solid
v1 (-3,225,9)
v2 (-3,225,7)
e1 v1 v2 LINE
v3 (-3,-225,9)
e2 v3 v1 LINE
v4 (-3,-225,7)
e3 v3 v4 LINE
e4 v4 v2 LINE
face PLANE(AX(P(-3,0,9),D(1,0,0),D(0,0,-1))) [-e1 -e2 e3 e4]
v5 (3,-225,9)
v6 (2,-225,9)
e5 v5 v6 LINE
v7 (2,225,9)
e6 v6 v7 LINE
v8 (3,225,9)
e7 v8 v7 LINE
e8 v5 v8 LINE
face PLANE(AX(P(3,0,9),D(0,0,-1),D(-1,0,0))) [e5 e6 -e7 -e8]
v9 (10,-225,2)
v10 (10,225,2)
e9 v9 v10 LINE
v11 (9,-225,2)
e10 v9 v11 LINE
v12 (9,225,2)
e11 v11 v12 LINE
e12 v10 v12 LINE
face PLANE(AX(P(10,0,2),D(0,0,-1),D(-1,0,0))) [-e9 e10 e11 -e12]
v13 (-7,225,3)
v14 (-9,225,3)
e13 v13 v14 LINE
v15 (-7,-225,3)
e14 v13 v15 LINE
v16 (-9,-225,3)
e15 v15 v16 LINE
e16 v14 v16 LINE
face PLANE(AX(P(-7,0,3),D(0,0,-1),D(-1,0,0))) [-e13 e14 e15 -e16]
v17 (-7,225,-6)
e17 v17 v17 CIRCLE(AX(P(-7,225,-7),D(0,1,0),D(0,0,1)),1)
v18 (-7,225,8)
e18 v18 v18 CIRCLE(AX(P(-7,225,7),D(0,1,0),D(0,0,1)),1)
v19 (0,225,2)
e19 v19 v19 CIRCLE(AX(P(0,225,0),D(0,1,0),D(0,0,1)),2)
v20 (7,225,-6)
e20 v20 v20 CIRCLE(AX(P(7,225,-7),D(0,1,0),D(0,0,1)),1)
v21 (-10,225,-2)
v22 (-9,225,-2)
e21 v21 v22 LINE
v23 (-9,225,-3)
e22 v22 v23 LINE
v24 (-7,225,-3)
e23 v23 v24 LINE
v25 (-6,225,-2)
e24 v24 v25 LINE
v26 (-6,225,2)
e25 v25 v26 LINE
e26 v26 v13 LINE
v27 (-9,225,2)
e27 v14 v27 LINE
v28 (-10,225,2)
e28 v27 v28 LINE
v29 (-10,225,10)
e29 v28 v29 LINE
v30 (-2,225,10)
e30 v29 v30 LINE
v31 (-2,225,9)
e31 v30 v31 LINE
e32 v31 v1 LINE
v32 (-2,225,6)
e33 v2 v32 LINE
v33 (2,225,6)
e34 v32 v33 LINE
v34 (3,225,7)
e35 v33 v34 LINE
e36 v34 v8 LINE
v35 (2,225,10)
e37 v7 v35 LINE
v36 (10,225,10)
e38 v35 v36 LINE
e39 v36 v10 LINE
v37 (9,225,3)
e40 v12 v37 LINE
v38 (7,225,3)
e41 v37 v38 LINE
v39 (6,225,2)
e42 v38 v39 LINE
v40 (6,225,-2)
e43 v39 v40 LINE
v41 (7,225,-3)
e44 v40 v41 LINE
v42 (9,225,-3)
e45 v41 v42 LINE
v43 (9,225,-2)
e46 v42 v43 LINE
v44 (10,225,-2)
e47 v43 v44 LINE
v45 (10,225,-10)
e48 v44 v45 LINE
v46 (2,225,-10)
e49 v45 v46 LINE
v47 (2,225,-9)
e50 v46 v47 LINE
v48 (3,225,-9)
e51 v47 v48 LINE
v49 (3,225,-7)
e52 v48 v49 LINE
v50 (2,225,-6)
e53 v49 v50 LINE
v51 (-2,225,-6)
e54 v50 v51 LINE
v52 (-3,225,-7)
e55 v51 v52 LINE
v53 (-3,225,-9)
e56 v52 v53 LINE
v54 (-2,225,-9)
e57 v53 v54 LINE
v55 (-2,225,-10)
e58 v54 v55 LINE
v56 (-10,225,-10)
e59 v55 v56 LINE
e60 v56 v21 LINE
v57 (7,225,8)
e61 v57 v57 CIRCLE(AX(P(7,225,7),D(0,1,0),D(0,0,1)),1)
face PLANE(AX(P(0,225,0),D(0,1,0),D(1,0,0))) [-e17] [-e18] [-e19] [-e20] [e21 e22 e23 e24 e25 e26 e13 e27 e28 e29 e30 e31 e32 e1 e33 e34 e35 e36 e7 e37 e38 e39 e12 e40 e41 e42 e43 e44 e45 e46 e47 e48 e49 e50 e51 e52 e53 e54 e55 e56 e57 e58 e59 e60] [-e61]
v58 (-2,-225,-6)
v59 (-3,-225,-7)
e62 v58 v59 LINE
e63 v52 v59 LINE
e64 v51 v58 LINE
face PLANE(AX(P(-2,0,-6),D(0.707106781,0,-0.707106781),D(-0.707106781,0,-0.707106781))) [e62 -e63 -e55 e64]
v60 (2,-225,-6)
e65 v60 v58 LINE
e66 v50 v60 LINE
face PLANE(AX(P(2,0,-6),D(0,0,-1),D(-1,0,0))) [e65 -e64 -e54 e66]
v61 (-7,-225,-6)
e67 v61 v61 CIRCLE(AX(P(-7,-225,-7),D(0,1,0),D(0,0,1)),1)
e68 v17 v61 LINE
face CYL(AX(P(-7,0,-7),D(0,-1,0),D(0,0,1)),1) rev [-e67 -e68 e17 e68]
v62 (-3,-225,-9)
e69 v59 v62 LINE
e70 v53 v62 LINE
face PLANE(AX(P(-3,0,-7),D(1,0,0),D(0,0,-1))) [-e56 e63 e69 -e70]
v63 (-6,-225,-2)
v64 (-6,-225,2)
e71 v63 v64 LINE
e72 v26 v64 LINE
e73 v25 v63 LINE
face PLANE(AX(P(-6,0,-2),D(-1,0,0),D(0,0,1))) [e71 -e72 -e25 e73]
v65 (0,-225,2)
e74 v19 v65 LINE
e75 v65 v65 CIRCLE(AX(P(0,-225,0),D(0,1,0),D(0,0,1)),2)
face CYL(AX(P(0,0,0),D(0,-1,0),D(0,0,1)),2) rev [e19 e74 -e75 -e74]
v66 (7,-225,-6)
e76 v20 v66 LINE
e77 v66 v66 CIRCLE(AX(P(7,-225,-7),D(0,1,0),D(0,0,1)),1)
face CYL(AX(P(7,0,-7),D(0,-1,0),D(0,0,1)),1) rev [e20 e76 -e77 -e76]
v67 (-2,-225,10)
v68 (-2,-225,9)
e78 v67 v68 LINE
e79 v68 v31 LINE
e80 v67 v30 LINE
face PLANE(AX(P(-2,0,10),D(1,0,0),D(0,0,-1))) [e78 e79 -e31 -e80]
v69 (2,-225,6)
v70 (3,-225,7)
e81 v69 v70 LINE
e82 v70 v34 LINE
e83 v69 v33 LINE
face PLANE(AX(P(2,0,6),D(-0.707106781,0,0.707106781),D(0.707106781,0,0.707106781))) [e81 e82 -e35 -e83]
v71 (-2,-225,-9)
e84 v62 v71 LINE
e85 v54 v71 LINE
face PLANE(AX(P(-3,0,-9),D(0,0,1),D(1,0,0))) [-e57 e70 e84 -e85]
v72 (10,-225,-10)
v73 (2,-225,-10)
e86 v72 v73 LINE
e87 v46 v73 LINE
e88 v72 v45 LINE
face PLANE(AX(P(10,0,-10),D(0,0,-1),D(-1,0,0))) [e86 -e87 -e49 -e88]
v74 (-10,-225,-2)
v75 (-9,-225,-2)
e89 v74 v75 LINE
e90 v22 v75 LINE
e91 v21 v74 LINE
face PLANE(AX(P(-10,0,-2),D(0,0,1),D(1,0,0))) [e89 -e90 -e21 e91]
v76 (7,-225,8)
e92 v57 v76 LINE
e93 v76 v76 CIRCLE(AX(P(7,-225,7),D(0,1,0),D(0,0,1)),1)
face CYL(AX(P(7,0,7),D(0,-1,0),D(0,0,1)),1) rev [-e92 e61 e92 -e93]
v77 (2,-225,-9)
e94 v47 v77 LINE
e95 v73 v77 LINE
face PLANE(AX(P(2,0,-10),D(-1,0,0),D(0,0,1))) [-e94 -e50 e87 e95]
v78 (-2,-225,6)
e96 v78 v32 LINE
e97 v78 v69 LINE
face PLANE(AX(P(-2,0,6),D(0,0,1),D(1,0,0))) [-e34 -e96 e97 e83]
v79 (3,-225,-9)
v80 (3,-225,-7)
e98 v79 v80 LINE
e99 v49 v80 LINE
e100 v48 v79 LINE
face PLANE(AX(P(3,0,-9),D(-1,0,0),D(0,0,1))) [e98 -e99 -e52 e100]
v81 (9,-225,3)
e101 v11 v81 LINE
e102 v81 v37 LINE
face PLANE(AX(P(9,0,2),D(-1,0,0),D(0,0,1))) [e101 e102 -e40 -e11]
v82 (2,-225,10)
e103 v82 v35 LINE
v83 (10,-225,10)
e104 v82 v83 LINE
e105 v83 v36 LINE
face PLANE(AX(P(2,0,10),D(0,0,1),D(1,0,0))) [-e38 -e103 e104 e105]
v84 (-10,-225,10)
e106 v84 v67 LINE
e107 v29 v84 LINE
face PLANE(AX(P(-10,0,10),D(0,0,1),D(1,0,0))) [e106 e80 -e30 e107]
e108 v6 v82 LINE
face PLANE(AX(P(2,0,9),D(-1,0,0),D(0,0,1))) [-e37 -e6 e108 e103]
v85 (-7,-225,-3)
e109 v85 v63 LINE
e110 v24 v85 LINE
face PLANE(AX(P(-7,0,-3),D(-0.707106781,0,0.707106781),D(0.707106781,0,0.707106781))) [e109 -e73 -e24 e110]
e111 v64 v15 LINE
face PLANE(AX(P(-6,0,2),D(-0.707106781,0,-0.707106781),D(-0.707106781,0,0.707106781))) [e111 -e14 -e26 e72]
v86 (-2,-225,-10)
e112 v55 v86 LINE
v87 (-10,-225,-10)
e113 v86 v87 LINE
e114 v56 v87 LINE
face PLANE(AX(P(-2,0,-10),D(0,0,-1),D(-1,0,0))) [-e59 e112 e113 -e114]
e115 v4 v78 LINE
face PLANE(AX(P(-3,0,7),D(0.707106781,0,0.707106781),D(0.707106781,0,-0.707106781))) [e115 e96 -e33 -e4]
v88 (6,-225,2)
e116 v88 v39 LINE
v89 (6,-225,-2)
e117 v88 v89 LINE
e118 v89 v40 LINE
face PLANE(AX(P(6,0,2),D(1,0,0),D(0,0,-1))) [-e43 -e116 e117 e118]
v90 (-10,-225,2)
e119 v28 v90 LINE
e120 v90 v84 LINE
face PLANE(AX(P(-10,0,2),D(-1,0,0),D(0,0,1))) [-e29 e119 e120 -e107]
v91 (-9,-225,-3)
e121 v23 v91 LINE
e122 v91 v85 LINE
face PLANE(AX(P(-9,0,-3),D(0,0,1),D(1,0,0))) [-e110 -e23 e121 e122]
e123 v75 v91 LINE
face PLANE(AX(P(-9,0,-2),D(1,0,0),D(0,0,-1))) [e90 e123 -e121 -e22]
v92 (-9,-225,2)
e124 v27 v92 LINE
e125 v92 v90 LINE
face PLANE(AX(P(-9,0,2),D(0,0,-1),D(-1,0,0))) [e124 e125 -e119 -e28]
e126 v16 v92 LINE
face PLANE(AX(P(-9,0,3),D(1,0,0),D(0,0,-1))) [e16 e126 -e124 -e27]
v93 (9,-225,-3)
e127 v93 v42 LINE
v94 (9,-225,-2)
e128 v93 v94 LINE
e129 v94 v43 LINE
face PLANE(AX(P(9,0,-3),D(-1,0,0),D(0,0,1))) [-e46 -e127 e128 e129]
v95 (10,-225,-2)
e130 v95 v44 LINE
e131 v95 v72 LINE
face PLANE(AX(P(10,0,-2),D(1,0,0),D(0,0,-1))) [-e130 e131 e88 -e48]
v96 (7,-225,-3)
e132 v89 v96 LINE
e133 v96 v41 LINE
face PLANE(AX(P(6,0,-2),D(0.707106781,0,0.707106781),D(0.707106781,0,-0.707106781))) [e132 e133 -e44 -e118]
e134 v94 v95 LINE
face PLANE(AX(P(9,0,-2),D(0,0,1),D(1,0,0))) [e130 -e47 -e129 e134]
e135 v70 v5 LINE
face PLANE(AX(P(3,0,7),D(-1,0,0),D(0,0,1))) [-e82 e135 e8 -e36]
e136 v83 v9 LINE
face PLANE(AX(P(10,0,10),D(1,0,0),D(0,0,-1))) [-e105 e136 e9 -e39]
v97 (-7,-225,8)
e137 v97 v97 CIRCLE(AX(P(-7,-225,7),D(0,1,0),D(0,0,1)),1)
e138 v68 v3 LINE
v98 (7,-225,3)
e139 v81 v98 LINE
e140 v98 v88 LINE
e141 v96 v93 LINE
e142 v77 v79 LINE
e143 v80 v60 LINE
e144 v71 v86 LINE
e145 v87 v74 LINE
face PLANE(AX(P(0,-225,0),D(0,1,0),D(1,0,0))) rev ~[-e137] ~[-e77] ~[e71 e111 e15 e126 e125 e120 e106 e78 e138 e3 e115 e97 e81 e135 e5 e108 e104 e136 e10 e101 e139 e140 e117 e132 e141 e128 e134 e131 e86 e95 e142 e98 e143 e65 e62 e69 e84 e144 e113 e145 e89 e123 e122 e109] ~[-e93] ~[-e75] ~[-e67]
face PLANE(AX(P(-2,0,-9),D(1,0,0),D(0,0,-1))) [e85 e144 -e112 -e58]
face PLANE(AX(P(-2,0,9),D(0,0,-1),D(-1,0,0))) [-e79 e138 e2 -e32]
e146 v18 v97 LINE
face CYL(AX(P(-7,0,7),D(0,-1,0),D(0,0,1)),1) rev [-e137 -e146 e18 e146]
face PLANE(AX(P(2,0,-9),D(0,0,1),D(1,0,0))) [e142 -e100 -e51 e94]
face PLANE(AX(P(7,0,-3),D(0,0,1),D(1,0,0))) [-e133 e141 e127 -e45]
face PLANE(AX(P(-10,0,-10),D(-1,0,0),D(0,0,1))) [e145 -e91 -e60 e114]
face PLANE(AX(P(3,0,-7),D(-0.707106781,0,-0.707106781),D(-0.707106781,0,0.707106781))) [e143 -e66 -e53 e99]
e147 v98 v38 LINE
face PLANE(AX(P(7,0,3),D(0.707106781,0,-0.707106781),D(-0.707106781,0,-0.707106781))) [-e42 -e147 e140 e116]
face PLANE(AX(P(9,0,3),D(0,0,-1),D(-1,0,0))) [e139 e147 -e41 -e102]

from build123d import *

# Parameters (mm, degrees)
SKETCH_1_R      = 2
SKETCH_1_R_2    = 1
EXTRUDE_1_DEPTH = 225


with BuildPart() as part:
    # 草圖1 → 填料-伸長1 (new, symmetric)
    with BuildSketch(Plane(origin=(0, 0, 0), x_dir=(1, 0, 0), z_dir=(0, 1, 0))):
        Polygon((-10, -10), (-2, -10), (-2, -9), (-3, -9), (-3, -7), (-2, -6), (2, -6), (3, -7), (3, -9), (2, -9), (2, -10), (10, -10), (10, -2), (9, -2), (9, -3), (7, -3), (6, -2), (6, 2), (7, 3), (9, 3), (9, 2), (10, 2), (10, 10), (2, 10), (2, 9), (3, 9), (3, 7), (2, 6), (-2, 6), (-3, 7), (-3, 9), (-2, 9), (-2, 10), (-10, 10), (-10, 2), (-9, 2), (-9, 3), (-7, 3), (-6, 2), (-6, -2), (-7, -3), (-9, -3), (-9, -2), (-10, -2), align=None)
        with Locations(Location((0, 0, 0), (0, 0, 270))):
            Circle(SKETCH_1_R, mode=Mode.SUBTRACT)
        with Locations(Location((-7, 7, 0), (0, 0, 270))):
            Circle(SKETCH_1_R_2, mode=Mode.SUBTRACT)
        with Locations(Location((7, 7, 0), (0, 0, 270))):
            Circle(SKETCH_1_R_2, mode=Mode.SUBTRACT)
        with Locations(Location((7, -7, 0), (0, 0, 270))):
            Circle(SKETCH_1_R_2, mode=Mode.SUBTRACT)
        with Locations(Location((-7, -7, 0), (0, 0, 270))):
            Circle(SKETCH_1_R_2, mode=Mode.SUBTRACT)
    extrude(amount=EXTRUDE_1_DEPTH, both=True)


solid = part.part
